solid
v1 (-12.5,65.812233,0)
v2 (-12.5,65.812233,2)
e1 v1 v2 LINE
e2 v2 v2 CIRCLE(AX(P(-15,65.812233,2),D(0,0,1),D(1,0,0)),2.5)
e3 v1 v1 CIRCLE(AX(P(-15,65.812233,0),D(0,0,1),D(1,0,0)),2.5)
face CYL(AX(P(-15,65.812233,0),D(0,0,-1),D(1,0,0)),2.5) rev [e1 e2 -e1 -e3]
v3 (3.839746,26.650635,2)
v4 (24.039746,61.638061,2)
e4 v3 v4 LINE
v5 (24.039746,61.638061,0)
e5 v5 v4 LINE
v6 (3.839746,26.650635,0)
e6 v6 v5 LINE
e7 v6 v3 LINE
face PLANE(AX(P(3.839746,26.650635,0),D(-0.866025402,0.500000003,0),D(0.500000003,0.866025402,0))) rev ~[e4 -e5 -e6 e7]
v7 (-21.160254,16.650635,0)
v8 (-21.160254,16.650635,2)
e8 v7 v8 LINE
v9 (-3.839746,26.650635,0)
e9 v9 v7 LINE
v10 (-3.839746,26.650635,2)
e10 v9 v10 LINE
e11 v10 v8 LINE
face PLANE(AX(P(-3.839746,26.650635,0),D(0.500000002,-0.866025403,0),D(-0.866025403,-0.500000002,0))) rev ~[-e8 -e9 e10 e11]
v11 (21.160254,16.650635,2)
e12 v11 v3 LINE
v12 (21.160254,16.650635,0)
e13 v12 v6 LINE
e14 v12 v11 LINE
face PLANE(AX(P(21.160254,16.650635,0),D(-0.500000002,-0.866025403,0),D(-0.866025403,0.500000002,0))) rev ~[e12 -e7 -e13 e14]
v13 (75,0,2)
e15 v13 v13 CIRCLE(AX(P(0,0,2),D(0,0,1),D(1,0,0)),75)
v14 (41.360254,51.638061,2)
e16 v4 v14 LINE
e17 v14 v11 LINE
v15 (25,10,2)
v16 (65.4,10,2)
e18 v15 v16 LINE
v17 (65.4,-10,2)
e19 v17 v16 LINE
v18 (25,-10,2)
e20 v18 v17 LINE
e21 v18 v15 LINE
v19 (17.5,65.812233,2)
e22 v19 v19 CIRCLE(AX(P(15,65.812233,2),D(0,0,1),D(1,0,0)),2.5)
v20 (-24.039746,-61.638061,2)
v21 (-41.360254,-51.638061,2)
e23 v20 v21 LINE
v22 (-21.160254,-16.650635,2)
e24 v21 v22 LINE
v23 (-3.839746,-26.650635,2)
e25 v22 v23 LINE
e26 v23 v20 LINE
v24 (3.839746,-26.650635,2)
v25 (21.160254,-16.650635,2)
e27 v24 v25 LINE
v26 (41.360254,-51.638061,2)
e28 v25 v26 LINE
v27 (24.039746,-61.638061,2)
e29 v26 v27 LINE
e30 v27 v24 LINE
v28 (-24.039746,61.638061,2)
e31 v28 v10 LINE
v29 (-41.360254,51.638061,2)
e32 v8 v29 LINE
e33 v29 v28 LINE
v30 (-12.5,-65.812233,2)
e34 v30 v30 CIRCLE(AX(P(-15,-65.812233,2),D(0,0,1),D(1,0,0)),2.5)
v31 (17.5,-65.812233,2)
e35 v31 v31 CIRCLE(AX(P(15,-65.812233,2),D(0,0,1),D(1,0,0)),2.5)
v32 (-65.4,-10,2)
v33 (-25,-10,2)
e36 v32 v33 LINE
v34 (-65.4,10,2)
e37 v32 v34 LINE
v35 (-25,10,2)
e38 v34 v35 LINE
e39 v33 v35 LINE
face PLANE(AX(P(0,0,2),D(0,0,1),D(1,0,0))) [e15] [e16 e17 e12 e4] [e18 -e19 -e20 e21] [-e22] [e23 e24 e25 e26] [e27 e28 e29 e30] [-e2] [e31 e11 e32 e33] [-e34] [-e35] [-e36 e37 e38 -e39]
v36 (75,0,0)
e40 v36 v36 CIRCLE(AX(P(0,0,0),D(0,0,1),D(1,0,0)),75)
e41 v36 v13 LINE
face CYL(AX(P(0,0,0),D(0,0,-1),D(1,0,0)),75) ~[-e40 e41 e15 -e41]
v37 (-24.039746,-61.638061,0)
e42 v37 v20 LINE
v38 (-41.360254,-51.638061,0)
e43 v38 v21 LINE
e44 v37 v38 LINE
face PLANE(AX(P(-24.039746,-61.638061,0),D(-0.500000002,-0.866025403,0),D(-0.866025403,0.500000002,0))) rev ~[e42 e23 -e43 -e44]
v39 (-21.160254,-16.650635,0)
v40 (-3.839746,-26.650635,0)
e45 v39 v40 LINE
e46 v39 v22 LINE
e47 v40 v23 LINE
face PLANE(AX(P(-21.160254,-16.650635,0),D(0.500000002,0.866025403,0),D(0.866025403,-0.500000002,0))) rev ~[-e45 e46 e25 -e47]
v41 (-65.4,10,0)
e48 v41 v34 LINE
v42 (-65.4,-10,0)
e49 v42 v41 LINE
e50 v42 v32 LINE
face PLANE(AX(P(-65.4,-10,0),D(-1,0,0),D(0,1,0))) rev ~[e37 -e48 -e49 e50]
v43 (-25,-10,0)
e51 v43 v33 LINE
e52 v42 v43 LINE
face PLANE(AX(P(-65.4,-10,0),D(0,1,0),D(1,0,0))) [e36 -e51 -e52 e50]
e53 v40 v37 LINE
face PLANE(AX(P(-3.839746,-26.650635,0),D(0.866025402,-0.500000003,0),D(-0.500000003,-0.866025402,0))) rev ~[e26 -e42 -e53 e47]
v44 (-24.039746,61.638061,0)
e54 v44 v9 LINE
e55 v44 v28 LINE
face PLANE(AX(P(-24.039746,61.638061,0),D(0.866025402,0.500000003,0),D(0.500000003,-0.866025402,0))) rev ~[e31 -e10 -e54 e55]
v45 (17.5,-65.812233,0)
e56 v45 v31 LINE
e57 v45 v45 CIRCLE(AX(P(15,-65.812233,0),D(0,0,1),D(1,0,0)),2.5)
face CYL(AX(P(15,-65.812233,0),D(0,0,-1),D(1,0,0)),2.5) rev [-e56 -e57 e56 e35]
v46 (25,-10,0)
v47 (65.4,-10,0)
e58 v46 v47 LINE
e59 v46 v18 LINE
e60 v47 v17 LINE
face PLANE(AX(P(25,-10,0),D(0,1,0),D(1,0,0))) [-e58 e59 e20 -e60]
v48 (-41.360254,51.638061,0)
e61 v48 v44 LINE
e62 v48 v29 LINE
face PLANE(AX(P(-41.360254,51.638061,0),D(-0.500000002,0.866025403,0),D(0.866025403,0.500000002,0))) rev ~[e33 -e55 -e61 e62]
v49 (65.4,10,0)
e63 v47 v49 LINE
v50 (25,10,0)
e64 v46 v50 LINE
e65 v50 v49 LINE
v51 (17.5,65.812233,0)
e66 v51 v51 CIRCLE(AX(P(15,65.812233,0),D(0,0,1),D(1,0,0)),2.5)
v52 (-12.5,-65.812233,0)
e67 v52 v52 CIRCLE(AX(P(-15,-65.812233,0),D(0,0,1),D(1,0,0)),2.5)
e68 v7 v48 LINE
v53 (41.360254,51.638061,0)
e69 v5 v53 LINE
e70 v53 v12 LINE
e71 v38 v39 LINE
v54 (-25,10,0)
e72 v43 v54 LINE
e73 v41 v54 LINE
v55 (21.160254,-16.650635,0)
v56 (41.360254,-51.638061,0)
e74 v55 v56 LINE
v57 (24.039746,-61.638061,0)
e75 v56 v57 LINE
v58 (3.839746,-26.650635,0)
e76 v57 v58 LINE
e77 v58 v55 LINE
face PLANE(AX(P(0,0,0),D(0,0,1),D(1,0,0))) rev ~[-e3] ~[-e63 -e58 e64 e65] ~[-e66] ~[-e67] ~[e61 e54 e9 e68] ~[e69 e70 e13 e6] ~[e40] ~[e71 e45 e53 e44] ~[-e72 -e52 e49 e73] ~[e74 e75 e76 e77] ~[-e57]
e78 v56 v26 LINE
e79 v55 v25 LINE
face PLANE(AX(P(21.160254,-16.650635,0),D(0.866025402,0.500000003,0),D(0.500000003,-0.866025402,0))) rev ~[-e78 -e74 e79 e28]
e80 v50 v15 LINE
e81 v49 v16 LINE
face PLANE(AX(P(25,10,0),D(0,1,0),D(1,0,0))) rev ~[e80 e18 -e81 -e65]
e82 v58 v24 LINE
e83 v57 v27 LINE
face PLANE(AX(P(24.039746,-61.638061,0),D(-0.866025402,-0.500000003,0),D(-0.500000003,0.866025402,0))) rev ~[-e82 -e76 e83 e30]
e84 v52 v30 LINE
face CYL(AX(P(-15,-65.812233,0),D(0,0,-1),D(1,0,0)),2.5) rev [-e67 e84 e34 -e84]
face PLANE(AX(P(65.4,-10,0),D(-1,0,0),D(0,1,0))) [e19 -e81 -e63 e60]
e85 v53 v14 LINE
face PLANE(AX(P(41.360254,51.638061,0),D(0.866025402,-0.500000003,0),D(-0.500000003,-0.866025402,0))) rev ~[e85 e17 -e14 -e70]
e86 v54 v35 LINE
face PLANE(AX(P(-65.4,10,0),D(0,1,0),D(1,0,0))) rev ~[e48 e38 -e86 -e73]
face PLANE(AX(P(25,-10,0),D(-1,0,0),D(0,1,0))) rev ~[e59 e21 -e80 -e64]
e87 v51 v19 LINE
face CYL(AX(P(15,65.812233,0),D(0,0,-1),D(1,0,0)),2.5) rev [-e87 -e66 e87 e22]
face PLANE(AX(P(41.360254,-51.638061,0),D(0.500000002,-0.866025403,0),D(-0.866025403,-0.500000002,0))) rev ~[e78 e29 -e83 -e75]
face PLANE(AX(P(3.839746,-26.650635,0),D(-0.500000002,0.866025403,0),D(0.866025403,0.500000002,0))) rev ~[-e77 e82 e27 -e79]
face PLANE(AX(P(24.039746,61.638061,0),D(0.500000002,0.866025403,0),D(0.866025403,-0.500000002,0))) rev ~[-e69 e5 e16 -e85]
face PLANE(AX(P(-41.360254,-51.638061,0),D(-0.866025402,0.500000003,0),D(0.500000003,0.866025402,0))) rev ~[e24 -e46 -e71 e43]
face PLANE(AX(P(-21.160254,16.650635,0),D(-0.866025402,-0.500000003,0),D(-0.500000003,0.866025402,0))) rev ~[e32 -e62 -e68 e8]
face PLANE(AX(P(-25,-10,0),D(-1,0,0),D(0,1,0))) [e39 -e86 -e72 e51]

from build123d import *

# Parameters (mm, degrees)
F0_R     = 75
F0_R_2   = 2.5
F0_W     = 40.4
F0_H     = 20
F1_DEPTH = 2


with BuildPart() as f1:
    # F0 (on Top) → F1 (new body)
    with BuildSketch(Plane.XY):
        Circle(F0_R)
        with Locations((-15, -65.812233)):
            Circle(F0_R_2, mode=Mode.SUBTRACT)
        Polygon((-41.360254, -51.638061), (-21.160254, -16.650635), (-3.839746, -26.650635), (-24.039746, -61.638061), align=None, mode=Mode.SUBTRACT)
        with Locations((15, -65.812233)):
            Circle(F0_R_2, mode=Mode.SUBTRACT)
        Polygon((24.039746, -61.638061), (3.839746, -26.650635), (21.160254, -16.650635), (41.360254, -51.638061), align=None, mode=Mode.SUBTRACT)
        with Locations((-45.2, 0)):
            Rectangle(F0_W, F0_H, mode=Mode.SUBTRACT)
        Polygon((-24.039746, 61.638061), (-3.839746, 26.650635), (-21.160254, 16.650635), (-41.360254, 51.638061), align=None, mode=Mode.SUBTRACT)
        with Locations((-15, 65.812233)):
            Circle(F0_R_2, mode=Mode.SUBTRACT)
        with Locations((45.2, 0)):
            Rectangle(F0_W, F0_H, mode=Mode.SUBTRACT)
        Polygon((41.360254, 51.638061), (21.160254, 16.650635), (3.839746, 26.650635), (24.039746, 61.638061), align=None, mode=Mode.SUBTRACT)
        with Locations((15, 65.812233)):
            Circle(F0_R_2, mode=Mode.SUBTRACT)
    extrude(amount=F1_DEPTH)


solid = f1.part
